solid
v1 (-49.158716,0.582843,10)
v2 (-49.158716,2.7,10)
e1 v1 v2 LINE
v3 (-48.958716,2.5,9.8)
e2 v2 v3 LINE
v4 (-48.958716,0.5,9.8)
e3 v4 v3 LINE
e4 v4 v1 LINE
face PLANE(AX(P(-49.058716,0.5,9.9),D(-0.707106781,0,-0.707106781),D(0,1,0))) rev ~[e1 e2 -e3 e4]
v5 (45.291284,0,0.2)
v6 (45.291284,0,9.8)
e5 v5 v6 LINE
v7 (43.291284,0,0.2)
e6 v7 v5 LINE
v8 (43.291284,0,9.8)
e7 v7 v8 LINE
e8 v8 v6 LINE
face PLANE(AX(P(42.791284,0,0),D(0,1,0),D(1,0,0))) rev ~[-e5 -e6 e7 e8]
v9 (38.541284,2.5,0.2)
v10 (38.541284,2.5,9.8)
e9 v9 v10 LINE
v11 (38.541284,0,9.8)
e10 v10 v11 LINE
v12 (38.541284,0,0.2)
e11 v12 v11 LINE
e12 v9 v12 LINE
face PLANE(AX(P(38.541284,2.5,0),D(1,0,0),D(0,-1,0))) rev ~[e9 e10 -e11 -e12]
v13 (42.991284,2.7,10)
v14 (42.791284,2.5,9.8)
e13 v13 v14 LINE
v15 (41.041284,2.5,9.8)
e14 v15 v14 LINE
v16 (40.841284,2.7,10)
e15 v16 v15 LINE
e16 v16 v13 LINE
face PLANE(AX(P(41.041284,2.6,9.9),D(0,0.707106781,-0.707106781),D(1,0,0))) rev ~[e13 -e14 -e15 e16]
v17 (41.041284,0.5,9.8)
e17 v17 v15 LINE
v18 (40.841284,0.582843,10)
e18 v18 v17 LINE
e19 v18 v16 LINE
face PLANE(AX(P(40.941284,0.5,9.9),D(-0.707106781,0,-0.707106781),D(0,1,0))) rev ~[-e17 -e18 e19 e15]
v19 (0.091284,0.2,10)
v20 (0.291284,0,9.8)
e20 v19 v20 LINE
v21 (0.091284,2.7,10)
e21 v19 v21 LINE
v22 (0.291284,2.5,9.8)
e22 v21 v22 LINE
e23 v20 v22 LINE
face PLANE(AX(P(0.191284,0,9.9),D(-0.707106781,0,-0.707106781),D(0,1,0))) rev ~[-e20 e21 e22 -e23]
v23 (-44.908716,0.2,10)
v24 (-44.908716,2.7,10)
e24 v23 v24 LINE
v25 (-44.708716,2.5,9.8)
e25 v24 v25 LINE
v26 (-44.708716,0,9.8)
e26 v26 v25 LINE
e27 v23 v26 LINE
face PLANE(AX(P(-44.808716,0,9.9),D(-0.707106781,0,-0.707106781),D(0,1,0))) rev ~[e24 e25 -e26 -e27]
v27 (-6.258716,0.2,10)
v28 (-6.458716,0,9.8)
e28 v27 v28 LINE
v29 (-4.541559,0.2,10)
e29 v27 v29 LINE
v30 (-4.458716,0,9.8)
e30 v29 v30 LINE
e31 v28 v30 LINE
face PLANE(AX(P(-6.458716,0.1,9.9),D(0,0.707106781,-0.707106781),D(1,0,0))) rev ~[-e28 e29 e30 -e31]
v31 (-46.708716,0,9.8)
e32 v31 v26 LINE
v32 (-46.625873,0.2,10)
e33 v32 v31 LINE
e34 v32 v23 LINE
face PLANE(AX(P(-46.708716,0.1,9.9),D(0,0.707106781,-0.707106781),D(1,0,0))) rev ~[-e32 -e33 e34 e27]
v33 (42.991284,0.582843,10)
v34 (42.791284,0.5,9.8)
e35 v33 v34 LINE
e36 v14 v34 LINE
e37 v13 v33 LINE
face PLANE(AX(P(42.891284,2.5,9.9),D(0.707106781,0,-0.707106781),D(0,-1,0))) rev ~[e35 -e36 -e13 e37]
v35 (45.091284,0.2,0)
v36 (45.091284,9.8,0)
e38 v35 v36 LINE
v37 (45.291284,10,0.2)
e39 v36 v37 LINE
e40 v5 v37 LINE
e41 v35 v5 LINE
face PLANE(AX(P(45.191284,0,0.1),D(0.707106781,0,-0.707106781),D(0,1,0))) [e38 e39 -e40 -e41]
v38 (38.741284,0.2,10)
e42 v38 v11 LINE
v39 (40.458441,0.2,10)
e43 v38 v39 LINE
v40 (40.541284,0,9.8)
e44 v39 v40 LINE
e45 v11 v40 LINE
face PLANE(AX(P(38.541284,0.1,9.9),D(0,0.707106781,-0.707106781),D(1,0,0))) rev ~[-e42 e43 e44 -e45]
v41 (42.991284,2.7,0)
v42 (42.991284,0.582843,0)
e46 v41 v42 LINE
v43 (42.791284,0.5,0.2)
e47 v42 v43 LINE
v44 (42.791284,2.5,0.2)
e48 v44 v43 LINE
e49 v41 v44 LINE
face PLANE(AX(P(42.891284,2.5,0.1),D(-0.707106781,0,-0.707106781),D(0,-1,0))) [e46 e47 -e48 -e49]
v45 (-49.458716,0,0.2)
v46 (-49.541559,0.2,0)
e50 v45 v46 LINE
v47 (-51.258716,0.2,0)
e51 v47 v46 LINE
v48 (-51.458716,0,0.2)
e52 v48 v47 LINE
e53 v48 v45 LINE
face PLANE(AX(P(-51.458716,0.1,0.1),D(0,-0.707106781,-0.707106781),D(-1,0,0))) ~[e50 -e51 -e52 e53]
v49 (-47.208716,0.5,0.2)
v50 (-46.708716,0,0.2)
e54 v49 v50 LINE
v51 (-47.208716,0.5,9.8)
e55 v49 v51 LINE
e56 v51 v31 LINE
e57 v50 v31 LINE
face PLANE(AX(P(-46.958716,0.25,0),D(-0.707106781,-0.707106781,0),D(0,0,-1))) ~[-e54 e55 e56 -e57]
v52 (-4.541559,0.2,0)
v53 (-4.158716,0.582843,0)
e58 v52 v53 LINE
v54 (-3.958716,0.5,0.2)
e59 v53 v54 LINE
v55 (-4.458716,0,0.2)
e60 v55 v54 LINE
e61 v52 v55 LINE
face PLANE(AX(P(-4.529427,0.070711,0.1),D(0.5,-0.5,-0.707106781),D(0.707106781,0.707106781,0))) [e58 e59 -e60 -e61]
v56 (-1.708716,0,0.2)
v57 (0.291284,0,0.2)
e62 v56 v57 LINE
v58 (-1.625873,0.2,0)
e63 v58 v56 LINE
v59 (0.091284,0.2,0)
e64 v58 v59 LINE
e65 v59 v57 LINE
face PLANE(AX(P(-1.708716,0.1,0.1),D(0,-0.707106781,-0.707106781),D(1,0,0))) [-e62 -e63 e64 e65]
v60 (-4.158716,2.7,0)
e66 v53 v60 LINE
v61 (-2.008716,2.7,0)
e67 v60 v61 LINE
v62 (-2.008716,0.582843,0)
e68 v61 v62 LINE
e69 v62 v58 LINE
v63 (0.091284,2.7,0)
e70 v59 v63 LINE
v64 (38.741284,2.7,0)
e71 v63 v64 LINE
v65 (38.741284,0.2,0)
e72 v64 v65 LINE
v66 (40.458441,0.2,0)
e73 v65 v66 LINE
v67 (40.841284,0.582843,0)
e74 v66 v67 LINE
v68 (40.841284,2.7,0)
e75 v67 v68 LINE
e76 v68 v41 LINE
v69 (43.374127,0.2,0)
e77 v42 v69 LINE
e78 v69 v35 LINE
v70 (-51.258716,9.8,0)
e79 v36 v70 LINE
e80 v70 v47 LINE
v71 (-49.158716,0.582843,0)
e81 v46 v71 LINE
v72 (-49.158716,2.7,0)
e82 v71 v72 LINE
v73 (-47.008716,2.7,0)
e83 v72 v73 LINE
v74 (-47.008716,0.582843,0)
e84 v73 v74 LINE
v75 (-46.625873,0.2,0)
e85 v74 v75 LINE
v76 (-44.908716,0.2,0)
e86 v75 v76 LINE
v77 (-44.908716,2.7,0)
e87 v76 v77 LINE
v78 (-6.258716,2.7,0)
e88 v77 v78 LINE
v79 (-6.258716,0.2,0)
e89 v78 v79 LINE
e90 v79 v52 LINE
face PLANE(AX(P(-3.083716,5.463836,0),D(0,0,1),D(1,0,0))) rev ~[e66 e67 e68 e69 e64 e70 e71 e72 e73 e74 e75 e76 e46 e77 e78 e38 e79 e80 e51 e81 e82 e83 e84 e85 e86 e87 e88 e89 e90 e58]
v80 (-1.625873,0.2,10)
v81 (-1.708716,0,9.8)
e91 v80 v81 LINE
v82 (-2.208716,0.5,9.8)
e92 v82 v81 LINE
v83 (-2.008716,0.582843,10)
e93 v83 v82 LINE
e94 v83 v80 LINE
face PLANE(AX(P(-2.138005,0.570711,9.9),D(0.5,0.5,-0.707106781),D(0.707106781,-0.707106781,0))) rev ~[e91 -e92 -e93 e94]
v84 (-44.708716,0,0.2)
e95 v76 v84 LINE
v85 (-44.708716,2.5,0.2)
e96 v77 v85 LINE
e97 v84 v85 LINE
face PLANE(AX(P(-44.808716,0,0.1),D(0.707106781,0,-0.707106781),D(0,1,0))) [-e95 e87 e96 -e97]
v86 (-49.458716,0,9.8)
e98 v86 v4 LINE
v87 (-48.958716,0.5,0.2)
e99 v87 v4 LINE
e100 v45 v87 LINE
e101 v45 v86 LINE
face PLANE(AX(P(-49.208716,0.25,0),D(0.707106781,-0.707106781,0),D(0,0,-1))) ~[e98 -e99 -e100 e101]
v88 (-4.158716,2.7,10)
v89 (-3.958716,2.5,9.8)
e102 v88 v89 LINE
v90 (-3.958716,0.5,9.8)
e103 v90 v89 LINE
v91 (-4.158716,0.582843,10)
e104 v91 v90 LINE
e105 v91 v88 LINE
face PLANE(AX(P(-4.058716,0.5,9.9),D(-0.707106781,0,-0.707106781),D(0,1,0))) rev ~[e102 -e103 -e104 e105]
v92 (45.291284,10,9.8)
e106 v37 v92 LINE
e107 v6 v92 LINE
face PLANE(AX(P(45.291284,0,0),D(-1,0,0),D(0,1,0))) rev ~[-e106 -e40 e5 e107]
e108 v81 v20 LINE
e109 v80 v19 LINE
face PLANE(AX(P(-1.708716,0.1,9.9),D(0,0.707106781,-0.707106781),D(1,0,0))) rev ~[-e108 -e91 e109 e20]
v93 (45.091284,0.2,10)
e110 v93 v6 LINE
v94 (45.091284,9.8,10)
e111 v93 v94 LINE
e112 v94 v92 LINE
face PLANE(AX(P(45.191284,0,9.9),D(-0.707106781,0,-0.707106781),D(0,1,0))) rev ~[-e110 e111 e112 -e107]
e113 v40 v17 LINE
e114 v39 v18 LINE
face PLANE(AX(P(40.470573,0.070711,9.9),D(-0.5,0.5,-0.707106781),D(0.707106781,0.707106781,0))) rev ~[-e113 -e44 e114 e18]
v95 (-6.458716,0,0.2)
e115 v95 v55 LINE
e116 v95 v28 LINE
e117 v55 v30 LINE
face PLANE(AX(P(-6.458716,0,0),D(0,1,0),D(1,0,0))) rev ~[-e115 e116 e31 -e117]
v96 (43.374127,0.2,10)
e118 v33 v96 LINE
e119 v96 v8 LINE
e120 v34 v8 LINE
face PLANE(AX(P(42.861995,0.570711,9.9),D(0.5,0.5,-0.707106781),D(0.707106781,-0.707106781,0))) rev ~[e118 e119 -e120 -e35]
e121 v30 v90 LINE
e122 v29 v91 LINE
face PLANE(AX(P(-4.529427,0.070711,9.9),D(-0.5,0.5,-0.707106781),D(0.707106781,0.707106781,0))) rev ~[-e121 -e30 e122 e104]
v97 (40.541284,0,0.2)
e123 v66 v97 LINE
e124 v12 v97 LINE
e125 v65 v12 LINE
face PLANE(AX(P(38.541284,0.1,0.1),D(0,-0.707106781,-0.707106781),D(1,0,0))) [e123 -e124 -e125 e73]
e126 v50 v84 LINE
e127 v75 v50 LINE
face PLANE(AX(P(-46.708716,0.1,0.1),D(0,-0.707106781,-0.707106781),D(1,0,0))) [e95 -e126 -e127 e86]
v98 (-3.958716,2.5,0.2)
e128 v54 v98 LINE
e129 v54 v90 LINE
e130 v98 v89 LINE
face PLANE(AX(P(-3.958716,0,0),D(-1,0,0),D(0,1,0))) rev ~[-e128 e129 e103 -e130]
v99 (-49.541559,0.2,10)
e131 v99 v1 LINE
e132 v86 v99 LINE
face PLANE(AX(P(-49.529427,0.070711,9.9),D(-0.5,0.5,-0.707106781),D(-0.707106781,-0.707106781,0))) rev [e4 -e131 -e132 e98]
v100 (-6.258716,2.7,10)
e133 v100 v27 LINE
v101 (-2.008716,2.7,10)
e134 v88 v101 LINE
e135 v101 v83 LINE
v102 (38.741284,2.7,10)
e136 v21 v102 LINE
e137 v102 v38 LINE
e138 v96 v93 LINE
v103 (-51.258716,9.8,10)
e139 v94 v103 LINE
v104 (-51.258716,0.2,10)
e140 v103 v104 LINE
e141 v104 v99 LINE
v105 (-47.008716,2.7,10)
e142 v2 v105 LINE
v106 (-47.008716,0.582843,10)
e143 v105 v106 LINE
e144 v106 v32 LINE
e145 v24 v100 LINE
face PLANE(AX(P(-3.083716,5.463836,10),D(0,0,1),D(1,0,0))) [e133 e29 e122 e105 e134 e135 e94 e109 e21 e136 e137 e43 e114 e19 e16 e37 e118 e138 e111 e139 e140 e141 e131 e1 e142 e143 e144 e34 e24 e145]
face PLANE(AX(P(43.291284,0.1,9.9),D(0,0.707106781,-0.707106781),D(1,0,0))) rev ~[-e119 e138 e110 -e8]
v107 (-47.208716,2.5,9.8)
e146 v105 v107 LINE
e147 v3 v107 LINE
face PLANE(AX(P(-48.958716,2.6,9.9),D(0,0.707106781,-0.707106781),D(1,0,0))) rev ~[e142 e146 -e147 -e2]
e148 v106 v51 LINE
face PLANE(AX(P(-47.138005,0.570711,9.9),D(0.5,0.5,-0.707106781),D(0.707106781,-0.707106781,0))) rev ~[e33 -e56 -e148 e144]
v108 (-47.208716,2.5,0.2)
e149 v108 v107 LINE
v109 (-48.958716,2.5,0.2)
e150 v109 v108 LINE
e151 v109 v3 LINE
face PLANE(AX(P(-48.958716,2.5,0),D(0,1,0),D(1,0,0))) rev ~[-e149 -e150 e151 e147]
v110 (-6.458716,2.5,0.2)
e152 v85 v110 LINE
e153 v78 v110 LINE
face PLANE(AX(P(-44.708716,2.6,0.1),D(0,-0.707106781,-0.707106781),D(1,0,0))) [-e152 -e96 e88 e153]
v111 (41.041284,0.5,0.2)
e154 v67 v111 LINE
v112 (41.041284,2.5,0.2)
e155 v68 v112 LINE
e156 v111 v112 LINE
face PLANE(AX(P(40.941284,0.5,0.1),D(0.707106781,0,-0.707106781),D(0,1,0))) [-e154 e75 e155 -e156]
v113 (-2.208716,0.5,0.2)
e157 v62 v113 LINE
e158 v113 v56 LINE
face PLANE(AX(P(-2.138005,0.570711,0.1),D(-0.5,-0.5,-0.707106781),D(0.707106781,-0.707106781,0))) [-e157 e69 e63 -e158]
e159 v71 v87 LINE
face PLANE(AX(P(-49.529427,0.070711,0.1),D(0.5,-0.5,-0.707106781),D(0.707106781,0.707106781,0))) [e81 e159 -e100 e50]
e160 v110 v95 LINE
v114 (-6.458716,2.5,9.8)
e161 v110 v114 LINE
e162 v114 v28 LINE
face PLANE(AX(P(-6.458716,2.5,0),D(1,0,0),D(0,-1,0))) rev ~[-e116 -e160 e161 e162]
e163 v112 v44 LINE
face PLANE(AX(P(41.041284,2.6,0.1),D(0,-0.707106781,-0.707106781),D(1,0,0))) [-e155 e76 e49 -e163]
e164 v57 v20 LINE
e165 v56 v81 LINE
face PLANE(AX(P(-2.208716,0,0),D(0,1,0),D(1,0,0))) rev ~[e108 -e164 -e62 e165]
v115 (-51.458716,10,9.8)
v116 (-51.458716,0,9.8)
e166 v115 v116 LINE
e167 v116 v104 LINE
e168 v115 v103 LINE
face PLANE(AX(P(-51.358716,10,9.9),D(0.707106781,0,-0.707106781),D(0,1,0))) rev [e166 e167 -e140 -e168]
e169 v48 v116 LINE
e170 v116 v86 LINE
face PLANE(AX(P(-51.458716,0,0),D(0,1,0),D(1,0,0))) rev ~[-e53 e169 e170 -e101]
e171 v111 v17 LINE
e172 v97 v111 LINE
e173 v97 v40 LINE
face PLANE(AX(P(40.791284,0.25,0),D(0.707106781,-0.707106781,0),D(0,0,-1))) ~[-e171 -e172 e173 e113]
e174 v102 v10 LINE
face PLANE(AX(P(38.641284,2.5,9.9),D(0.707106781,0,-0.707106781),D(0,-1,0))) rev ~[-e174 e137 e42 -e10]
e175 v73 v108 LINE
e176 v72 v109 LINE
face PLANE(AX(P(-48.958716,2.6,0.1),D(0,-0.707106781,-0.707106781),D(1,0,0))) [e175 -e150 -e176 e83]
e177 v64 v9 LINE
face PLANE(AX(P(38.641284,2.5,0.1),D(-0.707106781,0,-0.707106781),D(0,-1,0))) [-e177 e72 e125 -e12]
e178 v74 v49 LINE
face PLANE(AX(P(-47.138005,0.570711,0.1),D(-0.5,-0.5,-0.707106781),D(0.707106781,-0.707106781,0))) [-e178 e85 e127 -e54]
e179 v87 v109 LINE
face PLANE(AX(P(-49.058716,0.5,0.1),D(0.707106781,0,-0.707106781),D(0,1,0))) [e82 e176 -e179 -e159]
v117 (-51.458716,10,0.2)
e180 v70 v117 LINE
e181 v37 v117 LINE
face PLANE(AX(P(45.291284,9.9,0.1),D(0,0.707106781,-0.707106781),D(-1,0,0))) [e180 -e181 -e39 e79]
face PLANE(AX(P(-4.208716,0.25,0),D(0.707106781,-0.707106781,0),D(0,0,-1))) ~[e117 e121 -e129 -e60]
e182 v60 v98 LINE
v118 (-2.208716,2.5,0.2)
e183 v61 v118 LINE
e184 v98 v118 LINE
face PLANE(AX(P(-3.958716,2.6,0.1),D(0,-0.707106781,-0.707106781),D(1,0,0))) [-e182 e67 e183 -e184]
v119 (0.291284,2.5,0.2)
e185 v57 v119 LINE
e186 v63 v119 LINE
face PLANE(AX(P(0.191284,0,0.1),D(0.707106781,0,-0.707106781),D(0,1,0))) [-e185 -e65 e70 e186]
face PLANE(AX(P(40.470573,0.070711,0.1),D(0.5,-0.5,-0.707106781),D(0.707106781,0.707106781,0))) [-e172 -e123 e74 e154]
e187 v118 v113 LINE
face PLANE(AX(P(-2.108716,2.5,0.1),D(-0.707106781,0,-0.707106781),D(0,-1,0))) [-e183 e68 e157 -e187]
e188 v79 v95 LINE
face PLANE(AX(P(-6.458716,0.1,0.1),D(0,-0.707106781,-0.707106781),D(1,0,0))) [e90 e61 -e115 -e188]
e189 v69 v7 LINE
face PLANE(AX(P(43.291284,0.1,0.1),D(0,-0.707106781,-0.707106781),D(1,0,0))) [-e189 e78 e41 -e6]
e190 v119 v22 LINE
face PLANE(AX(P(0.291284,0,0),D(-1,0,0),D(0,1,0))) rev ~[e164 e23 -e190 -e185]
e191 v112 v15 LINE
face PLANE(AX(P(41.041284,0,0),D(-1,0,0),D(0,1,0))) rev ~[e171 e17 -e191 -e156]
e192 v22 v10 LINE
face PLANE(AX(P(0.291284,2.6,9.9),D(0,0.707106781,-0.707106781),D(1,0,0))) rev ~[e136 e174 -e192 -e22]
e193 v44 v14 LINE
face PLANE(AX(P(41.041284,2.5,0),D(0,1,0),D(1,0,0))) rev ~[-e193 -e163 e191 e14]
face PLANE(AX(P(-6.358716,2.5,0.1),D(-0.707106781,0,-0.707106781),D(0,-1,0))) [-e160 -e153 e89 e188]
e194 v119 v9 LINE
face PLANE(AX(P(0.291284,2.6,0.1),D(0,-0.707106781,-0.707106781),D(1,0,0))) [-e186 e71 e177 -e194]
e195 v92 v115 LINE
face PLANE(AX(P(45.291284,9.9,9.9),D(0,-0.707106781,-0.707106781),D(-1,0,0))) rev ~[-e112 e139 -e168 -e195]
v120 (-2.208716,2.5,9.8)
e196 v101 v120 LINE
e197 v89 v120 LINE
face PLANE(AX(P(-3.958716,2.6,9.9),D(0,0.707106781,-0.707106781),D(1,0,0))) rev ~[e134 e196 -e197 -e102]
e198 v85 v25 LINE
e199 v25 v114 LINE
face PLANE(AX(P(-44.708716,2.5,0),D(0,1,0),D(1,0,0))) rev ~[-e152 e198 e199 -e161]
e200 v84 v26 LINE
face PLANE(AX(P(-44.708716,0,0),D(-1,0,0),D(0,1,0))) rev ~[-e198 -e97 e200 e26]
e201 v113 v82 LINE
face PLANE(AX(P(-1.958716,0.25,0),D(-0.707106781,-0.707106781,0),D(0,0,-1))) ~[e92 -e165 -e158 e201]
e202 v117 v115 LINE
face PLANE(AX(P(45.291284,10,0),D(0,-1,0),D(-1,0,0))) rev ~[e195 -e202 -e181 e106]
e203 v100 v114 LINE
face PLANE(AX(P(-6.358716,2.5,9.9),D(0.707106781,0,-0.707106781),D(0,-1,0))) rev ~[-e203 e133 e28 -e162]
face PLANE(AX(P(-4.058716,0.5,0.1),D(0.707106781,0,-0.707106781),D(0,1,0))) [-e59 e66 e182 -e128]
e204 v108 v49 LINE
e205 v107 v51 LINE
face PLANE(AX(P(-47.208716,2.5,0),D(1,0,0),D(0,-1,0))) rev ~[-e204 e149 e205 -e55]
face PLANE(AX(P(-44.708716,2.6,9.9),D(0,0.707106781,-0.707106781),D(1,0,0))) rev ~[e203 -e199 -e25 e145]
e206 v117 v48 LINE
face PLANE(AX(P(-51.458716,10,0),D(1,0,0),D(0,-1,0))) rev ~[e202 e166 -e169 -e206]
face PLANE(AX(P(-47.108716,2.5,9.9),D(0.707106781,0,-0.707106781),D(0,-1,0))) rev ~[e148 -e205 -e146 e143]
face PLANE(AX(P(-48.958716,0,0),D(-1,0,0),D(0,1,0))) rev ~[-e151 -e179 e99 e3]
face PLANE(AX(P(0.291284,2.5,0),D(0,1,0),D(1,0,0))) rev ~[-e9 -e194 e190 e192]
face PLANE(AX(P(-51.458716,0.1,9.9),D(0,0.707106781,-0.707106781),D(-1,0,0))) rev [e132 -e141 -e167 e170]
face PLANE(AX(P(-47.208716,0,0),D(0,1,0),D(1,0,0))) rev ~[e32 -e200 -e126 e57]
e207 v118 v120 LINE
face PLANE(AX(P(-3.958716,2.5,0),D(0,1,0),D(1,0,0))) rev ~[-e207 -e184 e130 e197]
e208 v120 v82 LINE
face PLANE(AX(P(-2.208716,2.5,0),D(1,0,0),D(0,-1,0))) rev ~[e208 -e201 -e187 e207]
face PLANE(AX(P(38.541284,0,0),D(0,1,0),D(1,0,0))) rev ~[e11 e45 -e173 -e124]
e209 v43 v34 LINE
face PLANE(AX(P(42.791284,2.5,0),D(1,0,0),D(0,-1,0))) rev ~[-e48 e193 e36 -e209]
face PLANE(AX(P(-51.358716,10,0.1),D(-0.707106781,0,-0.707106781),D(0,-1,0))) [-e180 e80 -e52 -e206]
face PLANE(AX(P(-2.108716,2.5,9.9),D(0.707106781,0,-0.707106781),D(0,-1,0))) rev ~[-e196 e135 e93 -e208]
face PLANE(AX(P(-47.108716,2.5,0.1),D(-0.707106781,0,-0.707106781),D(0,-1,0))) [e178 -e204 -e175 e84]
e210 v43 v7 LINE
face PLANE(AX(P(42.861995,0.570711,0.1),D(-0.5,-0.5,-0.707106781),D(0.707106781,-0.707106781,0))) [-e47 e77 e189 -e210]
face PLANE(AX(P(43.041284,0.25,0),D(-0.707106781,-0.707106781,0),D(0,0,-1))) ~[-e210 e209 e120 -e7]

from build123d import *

# Parameters (mm, degrees)
F1_DEPTH = 10
F2_SIZE  = 0.5
F3_SIZE  = 0.2


with BuildPart() as f1:
    # F0 (on Top) → F1 (new body)
    with BuildSketch(Plane.XY):
        Polygon((-51.458716, 10), (-51.458716, 0), (-48.958716, 0), (-48.958716, 2.5), (-47.208716, 2.5), (-47.208716, 0), (-44.708716, 0), (-44.708716, 2.5), (-6.458716, 2.5), (-6.458716, 0), (-3.958716, 0), (-3.958716, 2.5), (-2.208716, 2.5), (-2.208716, 0), (0.291284, 0), (0.291284, 2.5), (38.541284, 2.5), (38.541284, 0), (41.041284, 0), (41.041284, 2.5), (42.791284, 2.5), (42.791284, 0), (45.291284, 0), (45.291284, 10), align=None)
    extrude(amount=F1_DEPTH)

    # F2
    f2_edges = [f1.edges().sort_by_distance(p)[0] for p in [
        (-48.958716, 0, 5),
        (-47.208716, 0, 5),
        (-2.208716, 0, 5),
        (-3.958716, 0, 5),
        (42.791284, 0, 5),
        (41.041284, 0, 5),
    ]]
    chamfer(f2_edges, length=F2_SIZE)

    # F3
    f3_edges = [f1.edges().sort_by_distance(p)[0] for p in [
        (-50.458716, 0, 10),
        (-49.208716, 0.25, 10),
        (-51.458716, 5, 10),
        (-48.958716, 1.5, 10),
        (-3.083716, 10, 10),
        (-48.083716, 2.5, 10),
        (45.291284, 5, 10),
        (-47.208716, 1.5, 10),
        (44.291284, 0, 10),
        (-46.958716, 0.25, 10),
        (43.041284, 0.25, 10),
        (-45.708716, 0, 10),
        (42.791284, 1.5, 10),
        (-44.708716, 1.25, 10),
        (41.916284, 2.5, 10),
        (-25.583716, 2.5, 10),
        (41.041284, 1.5, 10),
        (-6.458716, 1.25, 10),
        (40.791284, 0.25, 10),
        (-5.458716, 0, 10),
        (39.541284, 0, 10),
        (-4.208716, 0.25, 10),
        (38.541284, 1.25, 10),
        (-3.958716, 1.5, 10),
        (19.416284, 2.5, 10),
        (-3.083716, 2.5, 10),
        (0.291284, 1.25, 10),
        (-2.208716, 1.5, 10),
        (-0.708716, 0, 10),
        (-1.958716, 0.25, 10),
        (-50.458716, 0, 0),
        (-49.208716, 0.25, 0),
        (-51.458716, 5, 0),
        (-48.958716, 1.5, 0),
        (-3.083716, 10, 0),
        (-48.083716, 2.5, 0),
        (45.291284, 5, 0),
        (-47.208716, 1.5, 0),
        (44.291284, 0, 0),
        (-46.958716, 0.25, 0),
        (43.041284, 0.25, 0),
        (-45.708716, 0, 0),
        (42.791284, 1.5, 0),
        (-44.708716, 1.25, 0),
        (41.916284, 2.5, 0),
        (-25.583716, 2.5, 0),
        (41.041284, 1.5, 0),
        (-6.458716, 1.25, 0),
        (40.791284, 0.25, 0),
        (-5.458716, 0, 0),
        (39.541284, 0, 0),
        (-4.208716, 0.25, 0),
        (38.541284, 1.25, 0),
        (-3.958716, 1.5, 0),
        (19.416284, 2.5, 0),
        (-3.083716, 2.5, 0),
        (0.291284, 1.25, 0),
        (-2.208716, 1.5, 0),
        (-0.708716, 0, 0),
        (-1.958716, 0.25, 0),
    ]]
    chamfer(f3_edges, length=F3_SIZE)


solid = f1.part
